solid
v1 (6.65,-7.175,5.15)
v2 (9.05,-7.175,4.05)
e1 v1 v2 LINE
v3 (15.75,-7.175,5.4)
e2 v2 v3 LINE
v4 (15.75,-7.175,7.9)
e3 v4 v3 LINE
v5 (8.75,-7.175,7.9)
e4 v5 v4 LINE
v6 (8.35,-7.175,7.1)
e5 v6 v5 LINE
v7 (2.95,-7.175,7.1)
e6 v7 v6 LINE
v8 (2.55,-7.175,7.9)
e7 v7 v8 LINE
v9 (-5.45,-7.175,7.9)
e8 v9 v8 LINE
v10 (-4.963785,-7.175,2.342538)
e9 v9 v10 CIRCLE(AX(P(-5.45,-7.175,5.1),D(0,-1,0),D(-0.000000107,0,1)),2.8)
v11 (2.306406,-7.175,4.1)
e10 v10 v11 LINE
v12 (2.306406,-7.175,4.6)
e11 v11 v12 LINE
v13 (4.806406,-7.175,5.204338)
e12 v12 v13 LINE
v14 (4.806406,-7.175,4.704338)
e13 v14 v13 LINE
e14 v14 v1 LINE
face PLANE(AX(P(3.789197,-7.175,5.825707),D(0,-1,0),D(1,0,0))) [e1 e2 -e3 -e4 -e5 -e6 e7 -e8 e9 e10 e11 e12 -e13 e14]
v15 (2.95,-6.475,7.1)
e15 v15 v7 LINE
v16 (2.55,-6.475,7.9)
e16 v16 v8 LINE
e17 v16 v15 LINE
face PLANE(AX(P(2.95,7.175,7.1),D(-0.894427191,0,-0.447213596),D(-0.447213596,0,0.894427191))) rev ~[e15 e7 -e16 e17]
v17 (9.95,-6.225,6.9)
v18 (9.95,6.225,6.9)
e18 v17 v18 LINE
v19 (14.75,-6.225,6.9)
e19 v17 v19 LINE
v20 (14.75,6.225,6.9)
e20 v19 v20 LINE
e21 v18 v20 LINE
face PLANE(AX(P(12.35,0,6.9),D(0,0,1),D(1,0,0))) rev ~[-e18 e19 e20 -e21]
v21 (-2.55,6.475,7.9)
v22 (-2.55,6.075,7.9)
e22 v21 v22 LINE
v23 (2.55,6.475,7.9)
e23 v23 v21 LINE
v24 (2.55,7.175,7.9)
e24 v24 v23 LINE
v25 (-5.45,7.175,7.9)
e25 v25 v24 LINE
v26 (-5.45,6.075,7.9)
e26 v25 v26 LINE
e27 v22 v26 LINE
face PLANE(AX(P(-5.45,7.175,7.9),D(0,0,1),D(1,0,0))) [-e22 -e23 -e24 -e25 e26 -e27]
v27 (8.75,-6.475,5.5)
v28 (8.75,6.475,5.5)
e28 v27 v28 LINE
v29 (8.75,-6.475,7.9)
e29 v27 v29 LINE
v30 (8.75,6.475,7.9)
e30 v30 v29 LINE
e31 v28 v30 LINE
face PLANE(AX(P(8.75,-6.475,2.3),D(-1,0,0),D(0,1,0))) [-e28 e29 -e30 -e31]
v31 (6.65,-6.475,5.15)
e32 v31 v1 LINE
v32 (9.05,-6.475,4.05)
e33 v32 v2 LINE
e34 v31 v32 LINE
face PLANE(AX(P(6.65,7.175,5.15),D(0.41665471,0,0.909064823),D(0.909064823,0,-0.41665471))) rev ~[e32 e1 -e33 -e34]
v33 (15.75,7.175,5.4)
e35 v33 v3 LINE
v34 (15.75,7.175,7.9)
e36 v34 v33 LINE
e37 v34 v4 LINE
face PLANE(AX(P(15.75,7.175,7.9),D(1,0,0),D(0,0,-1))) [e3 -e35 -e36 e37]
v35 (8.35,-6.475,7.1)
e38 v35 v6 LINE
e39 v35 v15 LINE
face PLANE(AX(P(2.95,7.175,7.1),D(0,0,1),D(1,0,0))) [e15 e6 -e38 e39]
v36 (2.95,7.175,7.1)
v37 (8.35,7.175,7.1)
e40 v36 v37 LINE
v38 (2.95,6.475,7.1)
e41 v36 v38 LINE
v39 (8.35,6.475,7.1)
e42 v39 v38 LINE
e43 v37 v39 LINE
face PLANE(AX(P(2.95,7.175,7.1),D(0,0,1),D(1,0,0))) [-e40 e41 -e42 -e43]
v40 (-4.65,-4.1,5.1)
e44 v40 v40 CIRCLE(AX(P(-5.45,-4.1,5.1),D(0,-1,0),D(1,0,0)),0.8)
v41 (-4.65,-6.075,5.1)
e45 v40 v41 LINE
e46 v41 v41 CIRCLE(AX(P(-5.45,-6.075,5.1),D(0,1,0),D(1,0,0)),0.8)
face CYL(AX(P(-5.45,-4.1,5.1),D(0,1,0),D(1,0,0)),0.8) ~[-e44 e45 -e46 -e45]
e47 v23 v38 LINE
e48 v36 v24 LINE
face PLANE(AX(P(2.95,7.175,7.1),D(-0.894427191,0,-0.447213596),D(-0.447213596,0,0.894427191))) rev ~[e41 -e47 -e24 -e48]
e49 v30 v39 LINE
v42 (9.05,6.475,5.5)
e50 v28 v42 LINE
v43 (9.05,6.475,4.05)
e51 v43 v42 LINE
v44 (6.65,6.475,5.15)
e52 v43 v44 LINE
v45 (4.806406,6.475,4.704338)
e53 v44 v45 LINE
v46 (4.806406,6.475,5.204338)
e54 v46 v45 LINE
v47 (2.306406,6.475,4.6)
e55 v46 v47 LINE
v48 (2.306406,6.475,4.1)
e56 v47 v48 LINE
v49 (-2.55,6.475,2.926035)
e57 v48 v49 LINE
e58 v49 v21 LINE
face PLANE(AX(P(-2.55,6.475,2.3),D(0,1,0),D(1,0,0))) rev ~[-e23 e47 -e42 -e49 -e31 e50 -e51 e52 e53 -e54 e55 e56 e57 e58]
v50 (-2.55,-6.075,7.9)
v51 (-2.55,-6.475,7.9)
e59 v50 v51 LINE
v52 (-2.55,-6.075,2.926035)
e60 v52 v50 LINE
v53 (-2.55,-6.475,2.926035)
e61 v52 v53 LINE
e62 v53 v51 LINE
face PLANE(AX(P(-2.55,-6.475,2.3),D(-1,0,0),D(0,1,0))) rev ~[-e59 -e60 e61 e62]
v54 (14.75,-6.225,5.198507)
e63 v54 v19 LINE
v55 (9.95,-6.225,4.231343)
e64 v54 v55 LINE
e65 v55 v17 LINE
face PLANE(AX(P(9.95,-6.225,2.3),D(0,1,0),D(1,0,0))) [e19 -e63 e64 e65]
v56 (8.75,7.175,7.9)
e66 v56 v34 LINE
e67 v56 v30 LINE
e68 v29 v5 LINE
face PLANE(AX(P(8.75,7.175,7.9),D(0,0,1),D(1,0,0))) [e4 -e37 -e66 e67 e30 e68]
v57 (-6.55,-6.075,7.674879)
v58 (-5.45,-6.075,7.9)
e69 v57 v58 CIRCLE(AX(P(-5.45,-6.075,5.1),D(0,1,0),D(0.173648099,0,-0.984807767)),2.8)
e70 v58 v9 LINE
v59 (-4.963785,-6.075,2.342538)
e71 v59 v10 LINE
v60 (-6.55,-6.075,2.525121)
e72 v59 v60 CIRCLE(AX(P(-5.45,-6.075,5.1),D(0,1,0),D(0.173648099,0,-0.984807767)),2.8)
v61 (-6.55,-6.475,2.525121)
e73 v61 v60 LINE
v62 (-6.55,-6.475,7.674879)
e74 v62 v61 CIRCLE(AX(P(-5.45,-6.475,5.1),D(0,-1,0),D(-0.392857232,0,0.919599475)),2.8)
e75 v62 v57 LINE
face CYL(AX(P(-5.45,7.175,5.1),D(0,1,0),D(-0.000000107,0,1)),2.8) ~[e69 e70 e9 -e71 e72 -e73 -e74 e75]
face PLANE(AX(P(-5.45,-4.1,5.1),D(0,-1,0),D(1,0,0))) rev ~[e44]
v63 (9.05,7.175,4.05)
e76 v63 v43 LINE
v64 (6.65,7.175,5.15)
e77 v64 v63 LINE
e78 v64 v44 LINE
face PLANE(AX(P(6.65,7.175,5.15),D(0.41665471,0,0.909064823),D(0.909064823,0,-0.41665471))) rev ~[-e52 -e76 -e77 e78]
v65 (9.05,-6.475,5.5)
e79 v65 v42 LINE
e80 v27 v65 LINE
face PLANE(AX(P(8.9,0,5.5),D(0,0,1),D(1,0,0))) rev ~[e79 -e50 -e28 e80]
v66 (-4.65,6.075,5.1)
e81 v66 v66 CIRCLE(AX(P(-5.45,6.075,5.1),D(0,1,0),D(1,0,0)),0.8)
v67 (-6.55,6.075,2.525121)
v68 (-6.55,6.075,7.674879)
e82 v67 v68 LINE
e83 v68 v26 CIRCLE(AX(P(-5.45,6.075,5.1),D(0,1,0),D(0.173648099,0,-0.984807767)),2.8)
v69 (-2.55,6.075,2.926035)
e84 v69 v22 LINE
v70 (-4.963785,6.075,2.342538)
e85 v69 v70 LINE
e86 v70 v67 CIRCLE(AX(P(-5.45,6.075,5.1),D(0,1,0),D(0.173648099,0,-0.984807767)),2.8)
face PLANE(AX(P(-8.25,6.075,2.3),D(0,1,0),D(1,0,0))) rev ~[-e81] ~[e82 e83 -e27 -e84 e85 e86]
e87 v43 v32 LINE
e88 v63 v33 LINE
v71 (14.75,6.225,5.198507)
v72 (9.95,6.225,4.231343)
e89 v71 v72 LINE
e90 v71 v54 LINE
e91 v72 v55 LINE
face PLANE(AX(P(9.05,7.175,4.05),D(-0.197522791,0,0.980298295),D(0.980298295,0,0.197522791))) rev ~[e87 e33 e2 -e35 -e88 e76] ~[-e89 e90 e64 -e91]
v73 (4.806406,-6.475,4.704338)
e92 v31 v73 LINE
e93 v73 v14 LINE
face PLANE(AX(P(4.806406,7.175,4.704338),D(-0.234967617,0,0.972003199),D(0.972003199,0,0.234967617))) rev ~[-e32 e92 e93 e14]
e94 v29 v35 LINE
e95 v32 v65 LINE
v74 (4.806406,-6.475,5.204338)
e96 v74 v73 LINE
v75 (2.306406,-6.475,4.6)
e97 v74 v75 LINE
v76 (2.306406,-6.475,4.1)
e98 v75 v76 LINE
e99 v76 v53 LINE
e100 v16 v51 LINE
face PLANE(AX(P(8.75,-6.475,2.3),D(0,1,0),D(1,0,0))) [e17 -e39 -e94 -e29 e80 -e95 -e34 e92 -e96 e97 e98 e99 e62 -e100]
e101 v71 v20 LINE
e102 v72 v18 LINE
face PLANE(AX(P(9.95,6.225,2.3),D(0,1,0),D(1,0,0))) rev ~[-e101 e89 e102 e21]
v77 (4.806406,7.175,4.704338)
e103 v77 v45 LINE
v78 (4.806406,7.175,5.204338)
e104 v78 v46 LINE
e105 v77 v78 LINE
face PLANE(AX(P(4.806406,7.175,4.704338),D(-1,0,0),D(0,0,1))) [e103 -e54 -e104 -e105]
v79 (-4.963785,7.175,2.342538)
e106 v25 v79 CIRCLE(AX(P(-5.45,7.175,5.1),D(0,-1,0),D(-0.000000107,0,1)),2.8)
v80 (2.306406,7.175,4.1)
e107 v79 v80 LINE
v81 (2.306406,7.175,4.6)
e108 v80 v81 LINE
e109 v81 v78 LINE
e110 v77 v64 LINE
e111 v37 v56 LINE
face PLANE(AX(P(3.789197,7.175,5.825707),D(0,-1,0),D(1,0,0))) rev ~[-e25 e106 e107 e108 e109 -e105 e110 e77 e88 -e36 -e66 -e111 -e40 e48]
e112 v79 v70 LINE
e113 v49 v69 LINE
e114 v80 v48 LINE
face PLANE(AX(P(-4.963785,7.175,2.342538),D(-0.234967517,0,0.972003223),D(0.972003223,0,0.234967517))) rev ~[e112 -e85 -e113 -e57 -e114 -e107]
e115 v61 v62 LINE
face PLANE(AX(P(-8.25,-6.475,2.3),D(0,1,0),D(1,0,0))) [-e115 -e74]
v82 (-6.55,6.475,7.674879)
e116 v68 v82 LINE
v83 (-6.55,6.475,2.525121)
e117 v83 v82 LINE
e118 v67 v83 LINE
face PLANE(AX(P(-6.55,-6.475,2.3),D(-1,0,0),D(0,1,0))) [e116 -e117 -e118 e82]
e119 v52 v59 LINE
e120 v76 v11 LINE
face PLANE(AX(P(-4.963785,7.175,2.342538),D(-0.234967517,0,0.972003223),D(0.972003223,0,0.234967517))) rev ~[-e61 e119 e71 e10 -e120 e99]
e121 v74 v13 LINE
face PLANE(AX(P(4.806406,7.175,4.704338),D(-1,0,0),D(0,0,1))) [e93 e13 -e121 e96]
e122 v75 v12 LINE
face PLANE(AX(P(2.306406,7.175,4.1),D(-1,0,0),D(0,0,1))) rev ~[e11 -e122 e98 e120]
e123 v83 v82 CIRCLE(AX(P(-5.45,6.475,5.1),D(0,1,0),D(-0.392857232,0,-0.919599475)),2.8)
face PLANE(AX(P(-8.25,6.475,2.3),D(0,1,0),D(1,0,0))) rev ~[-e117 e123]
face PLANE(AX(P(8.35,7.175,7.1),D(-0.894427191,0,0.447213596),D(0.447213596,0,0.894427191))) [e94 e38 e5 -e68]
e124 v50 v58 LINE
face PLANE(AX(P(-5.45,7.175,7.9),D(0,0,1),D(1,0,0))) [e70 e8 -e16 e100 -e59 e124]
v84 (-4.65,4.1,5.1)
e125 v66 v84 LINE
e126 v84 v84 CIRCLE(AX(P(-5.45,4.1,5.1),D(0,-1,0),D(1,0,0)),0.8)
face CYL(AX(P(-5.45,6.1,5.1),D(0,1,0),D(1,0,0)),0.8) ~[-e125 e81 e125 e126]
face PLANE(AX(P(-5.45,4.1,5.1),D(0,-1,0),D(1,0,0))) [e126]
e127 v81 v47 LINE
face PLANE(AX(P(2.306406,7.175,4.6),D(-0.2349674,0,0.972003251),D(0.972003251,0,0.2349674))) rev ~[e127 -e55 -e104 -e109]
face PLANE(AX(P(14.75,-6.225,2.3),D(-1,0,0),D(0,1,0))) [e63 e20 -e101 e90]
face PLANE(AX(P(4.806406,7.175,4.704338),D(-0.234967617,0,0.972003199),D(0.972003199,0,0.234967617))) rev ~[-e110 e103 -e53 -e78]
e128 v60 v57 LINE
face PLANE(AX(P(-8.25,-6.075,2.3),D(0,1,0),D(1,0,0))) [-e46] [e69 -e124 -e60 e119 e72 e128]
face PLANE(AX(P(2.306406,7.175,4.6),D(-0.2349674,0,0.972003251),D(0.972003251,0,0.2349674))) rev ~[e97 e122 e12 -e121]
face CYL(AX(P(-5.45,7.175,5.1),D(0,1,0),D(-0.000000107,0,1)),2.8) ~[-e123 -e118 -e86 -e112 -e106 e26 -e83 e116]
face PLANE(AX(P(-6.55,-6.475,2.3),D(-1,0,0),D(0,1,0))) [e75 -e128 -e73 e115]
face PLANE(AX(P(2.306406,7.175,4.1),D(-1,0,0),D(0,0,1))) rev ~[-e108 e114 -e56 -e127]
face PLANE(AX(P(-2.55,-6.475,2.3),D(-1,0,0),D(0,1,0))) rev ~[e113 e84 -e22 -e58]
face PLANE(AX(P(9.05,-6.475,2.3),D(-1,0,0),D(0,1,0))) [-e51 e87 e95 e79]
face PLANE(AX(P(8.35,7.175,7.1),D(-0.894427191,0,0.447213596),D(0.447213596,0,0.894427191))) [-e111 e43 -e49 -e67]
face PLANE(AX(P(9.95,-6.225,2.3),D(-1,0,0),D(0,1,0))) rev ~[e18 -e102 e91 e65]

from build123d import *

# Parameters (mm, degrees)
CYLINDER005_R     = 0.8
CYLINDER005_DEPTH = 2
CYLINDER006_R     = 0.8
CYLINDER006_DEPTH = 2
BOX021_W          = 0.3
BOX021_H          = 12.95
BOX021_DEPTH      = 3.2
BOX020_W          = 4.8
BOX020_H          = 12.45
BOX020_DEPTH      = 4.6
BOX024_W          = 1.7
BOX024_H          = 12.95
BOX024_DEPTH      = 10
BOX022_W          = 11.3
BOX022_H          = 12.95
BOX022_DEPTH      = 10
BOX023_W          = 15.8
BOX023_H          = 12.15
BOX023_DEPTH      = 10
EXTRUDE_DEPTH     = 14.35


with BuildPart() as cylinder005:
    # Cylinder005 → Cylinder005 (new body)
    with BuildSketch(Plane(origin=(2.8, -4.1, 2.8), x_dir=(1, 0, 0), z_dir=(0, -1, 0))):
        Circle(CYLINDER005_R)
    extrude(amount=CYLINDER005_DEPTH)


with BuildPart() as cylinder006:
    # Cylinder006 → Cylinder006 (new body)
    with BuildSketch(Plane(origin=(2.8, 6.1, 2.8), x_dir=(1, 0, 0), z_dir=(0, -1, 0))):
        Circle(CYLINDER006_R)
    extrude(amount=CYLINDER006_DEPTH)


with BuildPart() as cube018:
    # Box021 → Box021 (new body)
    with BuildSketch(Plane(origin=(17, -6.475, 0), x_dir=(1, 0, 0), z_dir=(0, 0, 1))):
        with Locations((0.15, 6.475)):
            Rectangle(BOX021_W, BOX021_H)
    extrude(amount=BOX021_DEPTH)


with BuildPart() as compound002:
    # Box020 → Box020 (new body)
    with BuildSketch(Plane(origin=(18.2, -6.225, 0), x_dir=(1, 0, 0), z_dir=(0, 0, 1))):
        with Locations((2.4, 6.225)):
            Rectangle(BOX020_W, BOX020_H)
    extrude(amount=BOX020_DEPTH)

    # Compound002: union Cube018
    add(cube018.part)


with BuildPart() as cube021:
    # Box024 → Box024 (new body)
    with BuildSketch(Plane(origin=(0, -6.475, 0), x_dir=(1, 0, 0), z_dir=(0, 0, 1))):
        with Locations((0.85, 6.475)):
            Rectangle(BOX024_W, BOX024_H)
    extrude(amount=BOX024_DEPTH)


with BuildPart() as compound001:
    # Box022 → Box022 (new body)
    with BuildSketch(Plane(origin=(5.7, -6.475, 0), x_dir=(1, 0, 0), z_dir=(0, 0, 1))):
        with Locations((5.65, 6.475)):
            Rectangle(BOX022_W, BOX022_H)
    extrude(amount=BOX022_DEPTH)

    # Compound001: union Cube021
    add(cube021.part)


with BuildPart() as cube020:
    # Box023 → Box023 (new body)
    with BuildSketch(Plane(origin=(0, -6.075, 0), x_dir=(1, 0, 0), z_dir=(0, 0, 1))):
        with Locations((7.9, 6.075)):
            Rectangle(BOX023_W, BOX023_H)
    extrude(amount=BOX023_DEPTH)


with BuildPart() as leverunion:
    # Sketch → Extrude (new body)
    with BuildSketch(Plane.XZ):
        with BuildLine():
            ThreePointArc((2.8, 5.6), (0.010655, 2.555964), (3.286215, 0.042538))
            Line((3.286215, 0.042538), (10.556406, 1.8))
            Line((10.556406, 1.8), (10.556406, 2.3))
            Line((10.556406, 2.3), (13.056406, 2.904338))
            Line((13.056406, 2.404338), (13.056406, 2.904338))
            Line((13.056406, 2.404338), (14.9, 2.85))
            Line((14.9, 2.85), (17.3, 1.75))
            Line((17.3, 1.75), (24, 3.1))
            Line((24, 5.6), (24, 3.1))
            Line((17, 5.6), (24, 5.6))
            Line((16.6, 4.8), (17, 5.6))
            Line((11.2, 4.8), (16.6, 4.8))
            Line((11.2, 4.8), (10.8, 5.6))
            Line((2.8, 5.6), (10.8, 5.6))
        make_face()
    extrude(amount=EXTRUDE_DEPTH)


with BuildPart() as leverunion_1:
    # Extrude placement: moved
    add(leverunion.part.moved(Location((0, 7.175, 0))))

    # Cut009: cut Cube020
    add(cube020.part, mode=Mode.SUBTRACT)

    # Cut008: cut Compound001
    add(compound001.part, mode=Mode.SUBTRACT)

    # Cut007: cut Compound002
    add(compound002.part, mode=Mode.SUBTRACT)

    # Fusion006: union Cylinder005, Cylinder006
    add(cylinder005.part)
    add(cylinder006.part)


with BuildPart() as leverunion_2:
    # Fusion006 placement: moved
    add(leverunion_1.part.moved(Location((-8.25, 0, 2.3))))


solid = leverunion_2.part
